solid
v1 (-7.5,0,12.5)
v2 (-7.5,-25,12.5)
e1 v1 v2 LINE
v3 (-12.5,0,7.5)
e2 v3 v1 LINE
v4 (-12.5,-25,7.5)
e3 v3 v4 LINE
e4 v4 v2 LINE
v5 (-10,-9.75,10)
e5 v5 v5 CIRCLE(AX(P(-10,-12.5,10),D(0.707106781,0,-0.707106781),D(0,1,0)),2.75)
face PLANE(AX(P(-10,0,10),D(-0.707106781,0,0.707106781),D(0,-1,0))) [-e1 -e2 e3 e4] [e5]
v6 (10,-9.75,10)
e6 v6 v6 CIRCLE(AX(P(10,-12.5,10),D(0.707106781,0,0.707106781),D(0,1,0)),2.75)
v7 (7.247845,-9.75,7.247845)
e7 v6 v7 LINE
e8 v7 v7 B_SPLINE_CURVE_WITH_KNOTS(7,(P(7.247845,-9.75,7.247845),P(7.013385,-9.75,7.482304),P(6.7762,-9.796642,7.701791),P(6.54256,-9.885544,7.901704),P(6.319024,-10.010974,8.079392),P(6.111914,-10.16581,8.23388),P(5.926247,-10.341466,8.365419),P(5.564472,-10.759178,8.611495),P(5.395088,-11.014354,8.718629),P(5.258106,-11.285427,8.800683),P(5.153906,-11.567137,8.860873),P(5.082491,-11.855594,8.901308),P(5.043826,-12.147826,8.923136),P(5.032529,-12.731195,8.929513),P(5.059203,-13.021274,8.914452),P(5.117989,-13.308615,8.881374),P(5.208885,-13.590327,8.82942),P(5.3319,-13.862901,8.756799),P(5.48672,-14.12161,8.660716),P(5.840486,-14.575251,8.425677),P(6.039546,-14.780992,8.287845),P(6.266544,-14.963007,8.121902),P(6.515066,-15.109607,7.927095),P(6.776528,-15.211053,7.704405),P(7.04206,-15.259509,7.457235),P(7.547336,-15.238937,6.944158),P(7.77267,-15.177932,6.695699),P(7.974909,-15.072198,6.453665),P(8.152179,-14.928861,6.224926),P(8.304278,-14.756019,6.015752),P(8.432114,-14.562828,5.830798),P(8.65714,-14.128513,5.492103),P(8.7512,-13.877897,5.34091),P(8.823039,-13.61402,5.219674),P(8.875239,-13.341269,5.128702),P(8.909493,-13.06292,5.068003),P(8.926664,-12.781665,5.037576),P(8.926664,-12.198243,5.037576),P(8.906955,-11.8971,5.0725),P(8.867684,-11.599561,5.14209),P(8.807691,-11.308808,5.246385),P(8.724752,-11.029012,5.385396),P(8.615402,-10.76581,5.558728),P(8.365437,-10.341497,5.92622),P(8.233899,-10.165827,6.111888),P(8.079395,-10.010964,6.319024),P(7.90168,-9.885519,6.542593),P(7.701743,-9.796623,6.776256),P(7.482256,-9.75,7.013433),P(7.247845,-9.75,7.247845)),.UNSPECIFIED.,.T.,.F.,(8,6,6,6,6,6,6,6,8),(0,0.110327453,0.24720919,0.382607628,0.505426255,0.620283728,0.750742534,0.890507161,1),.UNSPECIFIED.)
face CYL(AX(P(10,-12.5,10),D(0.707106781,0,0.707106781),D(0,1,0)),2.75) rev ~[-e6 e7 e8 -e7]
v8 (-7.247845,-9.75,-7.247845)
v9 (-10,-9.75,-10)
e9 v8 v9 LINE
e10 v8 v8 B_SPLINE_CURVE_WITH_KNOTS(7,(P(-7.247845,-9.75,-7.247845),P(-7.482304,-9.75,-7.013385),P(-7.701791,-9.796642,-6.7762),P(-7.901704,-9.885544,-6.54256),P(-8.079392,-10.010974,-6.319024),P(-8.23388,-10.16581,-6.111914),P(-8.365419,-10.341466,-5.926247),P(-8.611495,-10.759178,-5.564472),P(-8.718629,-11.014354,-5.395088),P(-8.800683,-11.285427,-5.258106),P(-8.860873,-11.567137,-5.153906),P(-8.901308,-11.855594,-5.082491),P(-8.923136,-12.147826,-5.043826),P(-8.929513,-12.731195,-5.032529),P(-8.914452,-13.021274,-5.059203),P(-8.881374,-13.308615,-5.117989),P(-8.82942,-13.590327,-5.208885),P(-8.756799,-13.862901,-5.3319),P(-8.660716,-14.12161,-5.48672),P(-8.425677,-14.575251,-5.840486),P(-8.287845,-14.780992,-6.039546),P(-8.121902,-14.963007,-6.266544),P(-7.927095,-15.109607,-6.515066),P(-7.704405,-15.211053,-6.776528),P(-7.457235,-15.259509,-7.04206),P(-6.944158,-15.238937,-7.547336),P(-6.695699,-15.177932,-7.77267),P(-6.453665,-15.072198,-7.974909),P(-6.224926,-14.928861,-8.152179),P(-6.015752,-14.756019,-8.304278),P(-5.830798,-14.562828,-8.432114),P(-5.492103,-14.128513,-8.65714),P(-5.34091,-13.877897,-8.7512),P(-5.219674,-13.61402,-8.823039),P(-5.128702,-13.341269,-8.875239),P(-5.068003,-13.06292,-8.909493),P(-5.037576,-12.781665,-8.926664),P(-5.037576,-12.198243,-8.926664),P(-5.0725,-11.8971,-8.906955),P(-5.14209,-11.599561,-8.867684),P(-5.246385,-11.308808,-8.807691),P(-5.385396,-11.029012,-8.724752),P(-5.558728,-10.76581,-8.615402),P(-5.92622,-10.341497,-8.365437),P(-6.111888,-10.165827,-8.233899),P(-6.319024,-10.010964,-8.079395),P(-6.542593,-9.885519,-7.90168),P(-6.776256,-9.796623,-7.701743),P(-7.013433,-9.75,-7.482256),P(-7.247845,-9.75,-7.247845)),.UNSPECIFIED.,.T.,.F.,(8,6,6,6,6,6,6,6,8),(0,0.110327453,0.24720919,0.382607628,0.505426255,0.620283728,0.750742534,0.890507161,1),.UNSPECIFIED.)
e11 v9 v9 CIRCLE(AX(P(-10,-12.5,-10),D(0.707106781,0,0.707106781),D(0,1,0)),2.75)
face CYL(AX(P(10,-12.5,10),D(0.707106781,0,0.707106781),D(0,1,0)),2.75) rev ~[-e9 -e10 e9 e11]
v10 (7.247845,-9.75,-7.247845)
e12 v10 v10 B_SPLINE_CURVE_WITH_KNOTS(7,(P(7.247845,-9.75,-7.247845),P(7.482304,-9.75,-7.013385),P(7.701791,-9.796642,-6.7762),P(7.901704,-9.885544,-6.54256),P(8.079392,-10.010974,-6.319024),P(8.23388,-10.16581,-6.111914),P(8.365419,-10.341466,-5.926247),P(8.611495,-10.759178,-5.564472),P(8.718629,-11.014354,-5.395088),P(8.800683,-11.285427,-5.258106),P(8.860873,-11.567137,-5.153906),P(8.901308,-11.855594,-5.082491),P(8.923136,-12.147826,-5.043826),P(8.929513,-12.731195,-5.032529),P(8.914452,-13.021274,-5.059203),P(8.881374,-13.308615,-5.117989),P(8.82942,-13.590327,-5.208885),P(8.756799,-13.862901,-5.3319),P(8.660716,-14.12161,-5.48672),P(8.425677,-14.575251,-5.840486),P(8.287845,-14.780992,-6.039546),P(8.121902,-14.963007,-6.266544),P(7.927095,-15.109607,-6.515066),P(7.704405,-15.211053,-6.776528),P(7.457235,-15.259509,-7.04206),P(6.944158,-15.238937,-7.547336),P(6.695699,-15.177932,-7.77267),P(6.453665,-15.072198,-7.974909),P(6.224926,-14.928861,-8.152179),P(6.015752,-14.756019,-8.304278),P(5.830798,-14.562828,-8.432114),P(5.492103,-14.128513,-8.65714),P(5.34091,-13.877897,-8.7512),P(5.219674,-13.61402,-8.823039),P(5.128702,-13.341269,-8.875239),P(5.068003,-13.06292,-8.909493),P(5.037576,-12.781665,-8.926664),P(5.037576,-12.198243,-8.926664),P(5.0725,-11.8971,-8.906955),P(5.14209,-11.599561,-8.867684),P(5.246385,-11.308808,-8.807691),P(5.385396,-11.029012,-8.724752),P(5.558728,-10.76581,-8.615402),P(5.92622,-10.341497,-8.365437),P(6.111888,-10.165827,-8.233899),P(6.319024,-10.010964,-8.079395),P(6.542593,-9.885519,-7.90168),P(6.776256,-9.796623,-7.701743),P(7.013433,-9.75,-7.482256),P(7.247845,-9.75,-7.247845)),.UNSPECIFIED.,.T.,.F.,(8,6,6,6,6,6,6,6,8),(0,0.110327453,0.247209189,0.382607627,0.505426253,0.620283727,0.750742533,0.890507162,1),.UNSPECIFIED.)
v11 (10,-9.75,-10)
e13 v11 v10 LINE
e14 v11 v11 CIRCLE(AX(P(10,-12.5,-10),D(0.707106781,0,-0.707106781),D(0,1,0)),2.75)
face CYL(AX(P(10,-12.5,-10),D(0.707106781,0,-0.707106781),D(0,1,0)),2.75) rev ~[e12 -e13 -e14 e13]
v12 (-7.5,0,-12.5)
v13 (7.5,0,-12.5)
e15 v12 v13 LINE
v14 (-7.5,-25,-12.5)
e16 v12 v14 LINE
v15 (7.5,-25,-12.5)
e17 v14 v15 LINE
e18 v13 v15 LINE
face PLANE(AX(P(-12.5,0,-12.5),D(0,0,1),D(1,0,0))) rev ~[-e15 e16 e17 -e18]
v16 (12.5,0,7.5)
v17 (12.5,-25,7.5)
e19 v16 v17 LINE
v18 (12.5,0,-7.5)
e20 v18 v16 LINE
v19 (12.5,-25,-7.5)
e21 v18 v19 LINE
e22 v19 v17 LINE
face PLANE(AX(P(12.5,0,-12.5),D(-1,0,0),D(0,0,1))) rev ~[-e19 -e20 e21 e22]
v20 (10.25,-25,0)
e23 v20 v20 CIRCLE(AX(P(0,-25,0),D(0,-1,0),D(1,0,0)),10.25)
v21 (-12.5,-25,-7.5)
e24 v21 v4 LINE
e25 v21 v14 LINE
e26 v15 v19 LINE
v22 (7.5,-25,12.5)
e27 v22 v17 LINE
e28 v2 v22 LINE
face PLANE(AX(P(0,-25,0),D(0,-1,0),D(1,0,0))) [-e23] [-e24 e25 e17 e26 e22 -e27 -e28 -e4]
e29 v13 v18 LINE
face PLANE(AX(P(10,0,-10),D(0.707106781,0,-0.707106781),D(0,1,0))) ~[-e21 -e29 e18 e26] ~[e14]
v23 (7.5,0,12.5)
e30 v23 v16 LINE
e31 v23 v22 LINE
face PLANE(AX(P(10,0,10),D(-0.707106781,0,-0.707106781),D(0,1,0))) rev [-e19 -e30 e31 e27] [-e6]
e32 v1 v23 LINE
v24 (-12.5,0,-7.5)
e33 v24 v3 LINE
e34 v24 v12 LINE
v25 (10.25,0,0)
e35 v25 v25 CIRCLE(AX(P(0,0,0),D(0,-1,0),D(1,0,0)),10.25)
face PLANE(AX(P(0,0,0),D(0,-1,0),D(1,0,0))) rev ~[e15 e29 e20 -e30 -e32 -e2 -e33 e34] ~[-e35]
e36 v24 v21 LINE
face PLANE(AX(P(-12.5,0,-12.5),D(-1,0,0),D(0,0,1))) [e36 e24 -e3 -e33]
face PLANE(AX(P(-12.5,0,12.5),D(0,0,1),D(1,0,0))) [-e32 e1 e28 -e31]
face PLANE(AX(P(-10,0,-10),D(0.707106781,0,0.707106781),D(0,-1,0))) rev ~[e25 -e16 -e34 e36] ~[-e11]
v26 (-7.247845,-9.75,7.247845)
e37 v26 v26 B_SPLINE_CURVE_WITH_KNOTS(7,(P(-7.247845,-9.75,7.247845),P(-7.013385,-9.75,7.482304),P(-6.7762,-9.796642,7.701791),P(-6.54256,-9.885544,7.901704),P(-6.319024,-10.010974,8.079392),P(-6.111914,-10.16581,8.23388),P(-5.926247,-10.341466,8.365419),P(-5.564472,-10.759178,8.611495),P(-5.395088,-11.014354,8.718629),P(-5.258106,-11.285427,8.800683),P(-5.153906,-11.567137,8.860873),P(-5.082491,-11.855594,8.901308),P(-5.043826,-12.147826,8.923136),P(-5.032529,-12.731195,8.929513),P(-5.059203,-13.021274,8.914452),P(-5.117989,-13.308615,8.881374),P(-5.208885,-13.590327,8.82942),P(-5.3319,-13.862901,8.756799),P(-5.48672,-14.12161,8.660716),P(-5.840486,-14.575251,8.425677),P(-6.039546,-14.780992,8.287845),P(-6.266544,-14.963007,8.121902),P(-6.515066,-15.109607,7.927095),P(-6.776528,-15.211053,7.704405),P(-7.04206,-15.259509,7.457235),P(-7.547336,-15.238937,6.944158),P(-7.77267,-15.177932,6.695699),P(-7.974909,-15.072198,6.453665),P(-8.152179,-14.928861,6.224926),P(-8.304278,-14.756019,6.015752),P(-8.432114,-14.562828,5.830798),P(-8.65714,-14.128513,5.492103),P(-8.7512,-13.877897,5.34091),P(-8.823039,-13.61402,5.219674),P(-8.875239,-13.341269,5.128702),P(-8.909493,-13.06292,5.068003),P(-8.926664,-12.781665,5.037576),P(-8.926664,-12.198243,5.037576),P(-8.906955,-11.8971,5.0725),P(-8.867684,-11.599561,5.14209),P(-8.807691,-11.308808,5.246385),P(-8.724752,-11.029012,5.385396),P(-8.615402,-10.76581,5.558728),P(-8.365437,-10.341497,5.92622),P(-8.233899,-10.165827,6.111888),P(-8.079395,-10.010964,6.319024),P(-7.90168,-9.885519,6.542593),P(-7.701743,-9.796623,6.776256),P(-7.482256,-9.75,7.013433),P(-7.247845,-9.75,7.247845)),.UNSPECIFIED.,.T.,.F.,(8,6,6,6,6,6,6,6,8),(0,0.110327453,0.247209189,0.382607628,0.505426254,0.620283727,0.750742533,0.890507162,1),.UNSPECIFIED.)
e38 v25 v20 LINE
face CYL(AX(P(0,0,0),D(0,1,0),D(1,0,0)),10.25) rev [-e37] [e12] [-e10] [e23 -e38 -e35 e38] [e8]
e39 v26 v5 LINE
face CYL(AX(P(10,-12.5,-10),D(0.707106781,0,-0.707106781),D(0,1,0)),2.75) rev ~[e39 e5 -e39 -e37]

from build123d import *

# Parameters (mm, degrees)
F0_W     = 25
F0_H     = 25
F0_R     = 10.25
F1_DEPTH = 25
F2_SIZE  = 5
F3_R     = 2.75
F4_DEPTH = 31.820805
F5_R     = 2.75
F6_DEPTH = 31.820805


with BuildPart() as f1:
    # F0 (on Front) → F1 (new body)
    with BuildSketch(Plane.XZ):
        Rectangle(F0_W, F0_H)
        Circle(F0_R, mode=Mode.SUBTRACT)
    extrude(amount=F1_DEPTH)

    # F2
    f2_edges = [f1.edges().sort_by_distance(p)[0] for p in [
        (-12.5, -12.5, -12.5),
        (12.5, -12.5, -12.5),
        (12.5, -12.5, 12.5),
        (-12.5, -12.5, 12.5),
    ]]
    chamfer(f2_edges, length=F2_SIZE)

    # F3 (on face) → F4 (cut, through all)
    with BuildSketch(Plane(origin=(10, 0, 10), x_dir=(0, 1, 0), z_dir=(0.707107, 0, 0.707107))):
        with Locations((-12.5, 0)):
            Circle(F3_R)
    extrude(amount=-F4_DEPTH, mode=Mode.SUBTRACT)

    # F5 (on face) → F6 (cut, through all)
    with BuildSketch(Plane(origin=(10, 0, -10), x_dir=(0, 1, 0), z_dir=(0.707107, 0, -0.707107))):
        with Locations((-12.5, 0)):
            Circle(F5_R)
    extrude(amount=-F6_DEPTH, mode=Mode.SUBTRACT)


solid = f1.part
